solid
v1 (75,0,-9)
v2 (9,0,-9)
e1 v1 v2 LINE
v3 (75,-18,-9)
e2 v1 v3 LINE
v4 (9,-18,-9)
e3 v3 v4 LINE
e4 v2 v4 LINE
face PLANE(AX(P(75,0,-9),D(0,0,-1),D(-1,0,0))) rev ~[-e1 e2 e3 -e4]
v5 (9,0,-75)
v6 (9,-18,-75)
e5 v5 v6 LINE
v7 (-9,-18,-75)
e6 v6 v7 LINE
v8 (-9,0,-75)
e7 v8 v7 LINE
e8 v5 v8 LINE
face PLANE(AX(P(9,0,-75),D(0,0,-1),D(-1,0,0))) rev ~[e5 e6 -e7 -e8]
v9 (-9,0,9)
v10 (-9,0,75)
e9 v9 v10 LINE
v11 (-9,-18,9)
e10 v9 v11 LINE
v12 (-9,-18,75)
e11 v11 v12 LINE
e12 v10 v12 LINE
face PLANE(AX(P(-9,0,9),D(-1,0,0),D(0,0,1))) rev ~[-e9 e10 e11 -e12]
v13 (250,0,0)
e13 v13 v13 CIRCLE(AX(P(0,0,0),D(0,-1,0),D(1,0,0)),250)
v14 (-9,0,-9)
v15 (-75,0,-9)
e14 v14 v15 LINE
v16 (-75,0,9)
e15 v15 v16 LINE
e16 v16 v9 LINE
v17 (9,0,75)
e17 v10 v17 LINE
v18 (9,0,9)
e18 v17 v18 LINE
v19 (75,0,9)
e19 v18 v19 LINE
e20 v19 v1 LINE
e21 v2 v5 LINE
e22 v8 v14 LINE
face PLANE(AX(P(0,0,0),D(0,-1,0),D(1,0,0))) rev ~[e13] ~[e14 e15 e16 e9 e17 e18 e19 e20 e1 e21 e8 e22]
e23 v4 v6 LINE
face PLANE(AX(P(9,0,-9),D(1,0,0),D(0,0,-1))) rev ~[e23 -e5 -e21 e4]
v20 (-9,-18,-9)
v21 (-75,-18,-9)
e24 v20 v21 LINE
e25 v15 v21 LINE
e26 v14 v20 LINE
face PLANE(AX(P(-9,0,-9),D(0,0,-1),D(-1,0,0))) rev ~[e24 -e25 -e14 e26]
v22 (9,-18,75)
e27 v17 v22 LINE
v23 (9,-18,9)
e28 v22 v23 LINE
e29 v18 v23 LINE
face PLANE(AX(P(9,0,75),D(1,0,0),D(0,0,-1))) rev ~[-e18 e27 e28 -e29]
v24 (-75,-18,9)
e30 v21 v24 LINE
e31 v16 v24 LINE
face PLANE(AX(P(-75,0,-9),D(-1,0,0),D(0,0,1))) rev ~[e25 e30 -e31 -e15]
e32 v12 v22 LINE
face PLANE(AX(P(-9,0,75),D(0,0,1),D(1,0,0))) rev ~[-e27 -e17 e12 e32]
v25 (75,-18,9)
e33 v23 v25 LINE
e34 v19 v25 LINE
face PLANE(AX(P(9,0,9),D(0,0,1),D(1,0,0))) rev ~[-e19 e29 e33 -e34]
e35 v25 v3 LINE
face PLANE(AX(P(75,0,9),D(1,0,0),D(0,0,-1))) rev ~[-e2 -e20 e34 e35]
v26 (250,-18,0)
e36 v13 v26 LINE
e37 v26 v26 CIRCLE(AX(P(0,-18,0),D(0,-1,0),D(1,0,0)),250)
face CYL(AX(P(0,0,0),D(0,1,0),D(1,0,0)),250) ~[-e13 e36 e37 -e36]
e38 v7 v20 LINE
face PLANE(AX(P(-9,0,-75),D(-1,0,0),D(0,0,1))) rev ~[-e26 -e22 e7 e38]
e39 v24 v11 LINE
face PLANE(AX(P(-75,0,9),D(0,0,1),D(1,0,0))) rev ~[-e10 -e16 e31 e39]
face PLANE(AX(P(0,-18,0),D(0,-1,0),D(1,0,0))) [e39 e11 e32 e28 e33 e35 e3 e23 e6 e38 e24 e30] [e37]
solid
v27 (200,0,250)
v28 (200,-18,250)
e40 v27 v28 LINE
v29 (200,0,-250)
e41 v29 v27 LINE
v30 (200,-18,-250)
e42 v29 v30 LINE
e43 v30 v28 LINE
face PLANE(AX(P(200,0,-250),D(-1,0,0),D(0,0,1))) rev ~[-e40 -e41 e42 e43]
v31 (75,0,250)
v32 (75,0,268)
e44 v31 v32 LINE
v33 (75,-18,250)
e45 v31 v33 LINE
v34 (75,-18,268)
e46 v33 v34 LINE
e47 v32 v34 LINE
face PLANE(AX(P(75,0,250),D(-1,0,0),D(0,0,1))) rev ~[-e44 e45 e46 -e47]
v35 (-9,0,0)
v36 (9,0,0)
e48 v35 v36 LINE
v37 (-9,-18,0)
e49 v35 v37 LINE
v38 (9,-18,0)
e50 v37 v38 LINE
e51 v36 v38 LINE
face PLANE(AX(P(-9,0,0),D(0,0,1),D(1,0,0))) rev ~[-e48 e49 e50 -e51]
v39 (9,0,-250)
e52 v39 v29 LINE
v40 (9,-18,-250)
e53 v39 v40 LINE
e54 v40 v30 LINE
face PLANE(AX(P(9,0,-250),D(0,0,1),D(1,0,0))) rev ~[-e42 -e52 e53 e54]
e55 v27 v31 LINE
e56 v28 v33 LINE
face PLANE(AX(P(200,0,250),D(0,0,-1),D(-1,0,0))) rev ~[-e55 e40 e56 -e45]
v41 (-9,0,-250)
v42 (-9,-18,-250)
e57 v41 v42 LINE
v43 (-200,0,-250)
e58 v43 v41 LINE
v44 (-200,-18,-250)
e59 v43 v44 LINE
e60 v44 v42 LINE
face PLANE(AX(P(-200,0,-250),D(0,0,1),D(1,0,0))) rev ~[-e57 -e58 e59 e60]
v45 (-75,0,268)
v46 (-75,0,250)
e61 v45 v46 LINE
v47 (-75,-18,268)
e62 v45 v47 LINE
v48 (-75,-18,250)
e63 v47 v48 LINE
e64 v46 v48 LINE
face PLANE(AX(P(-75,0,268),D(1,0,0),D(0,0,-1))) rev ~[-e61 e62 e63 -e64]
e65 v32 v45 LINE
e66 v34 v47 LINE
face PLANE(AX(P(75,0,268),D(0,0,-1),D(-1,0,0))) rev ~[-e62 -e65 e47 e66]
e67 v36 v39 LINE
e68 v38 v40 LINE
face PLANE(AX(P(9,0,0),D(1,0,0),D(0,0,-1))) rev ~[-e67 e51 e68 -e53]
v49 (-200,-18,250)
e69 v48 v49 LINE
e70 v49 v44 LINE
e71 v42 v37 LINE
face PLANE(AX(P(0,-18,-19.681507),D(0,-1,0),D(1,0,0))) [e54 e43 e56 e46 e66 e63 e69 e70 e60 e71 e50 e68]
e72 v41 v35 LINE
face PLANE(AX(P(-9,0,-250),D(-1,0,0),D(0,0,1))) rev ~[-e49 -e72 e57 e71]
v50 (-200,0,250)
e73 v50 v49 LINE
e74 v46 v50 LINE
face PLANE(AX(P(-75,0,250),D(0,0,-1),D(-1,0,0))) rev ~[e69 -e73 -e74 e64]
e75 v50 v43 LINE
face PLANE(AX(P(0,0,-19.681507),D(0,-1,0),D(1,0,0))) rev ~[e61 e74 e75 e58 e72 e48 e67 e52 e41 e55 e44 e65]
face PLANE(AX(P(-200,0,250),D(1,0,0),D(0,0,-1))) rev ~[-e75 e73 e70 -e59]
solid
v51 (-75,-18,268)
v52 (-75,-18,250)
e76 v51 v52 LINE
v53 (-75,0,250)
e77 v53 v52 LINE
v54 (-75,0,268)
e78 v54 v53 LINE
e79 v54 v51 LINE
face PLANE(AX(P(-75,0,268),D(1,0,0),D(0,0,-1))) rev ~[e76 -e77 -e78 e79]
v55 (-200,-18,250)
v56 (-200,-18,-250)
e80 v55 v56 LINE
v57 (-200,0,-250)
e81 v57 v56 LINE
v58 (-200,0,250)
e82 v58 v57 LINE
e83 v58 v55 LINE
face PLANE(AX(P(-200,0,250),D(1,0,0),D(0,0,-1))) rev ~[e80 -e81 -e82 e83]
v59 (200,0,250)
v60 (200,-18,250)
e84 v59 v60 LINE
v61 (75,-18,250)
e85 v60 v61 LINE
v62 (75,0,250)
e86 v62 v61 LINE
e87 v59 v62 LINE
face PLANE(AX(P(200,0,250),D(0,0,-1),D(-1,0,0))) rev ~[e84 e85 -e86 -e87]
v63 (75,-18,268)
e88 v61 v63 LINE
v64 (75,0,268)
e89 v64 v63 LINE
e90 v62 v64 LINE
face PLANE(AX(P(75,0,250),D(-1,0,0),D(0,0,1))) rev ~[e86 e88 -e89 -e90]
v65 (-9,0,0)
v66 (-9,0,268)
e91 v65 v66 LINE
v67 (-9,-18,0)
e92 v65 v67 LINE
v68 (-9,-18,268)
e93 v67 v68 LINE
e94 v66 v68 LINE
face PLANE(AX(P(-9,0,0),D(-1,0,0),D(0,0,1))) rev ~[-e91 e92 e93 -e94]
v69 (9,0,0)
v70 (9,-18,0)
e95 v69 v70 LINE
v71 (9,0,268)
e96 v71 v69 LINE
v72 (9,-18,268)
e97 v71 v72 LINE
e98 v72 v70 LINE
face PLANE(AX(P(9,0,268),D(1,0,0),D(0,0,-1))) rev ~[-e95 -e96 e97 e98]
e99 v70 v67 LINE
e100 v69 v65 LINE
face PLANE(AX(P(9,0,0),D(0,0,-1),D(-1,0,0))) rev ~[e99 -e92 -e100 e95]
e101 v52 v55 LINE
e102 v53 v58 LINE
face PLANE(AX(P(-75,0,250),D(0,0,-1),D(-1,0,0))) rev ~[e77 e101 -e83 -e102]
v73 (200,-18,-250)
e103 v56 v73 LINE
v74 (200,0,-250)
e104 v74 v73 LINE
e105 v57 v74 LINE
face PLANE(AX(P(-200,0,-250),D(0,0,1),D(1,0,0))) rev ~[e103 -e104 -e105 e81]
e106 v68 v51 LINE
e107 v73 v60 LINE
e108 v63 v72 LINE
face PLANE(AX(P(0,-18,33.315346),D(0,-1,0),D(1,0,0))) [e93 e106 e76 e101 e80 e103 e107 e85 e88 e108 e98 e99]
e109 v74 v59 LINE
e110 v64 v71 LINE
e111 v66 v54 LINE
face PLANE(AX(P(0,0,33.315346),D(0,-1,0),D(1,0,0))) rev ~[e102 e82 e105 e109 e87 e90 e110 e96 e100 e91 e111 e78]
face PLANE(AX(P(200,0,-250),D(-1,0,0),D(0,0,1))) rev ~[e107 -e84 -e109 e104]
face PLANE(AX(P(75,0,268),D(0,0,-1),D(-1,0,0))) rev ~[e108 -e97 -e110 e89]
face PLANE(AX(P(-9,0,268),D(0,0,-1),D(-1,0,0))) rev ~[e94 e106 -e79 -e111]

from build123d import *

# Parameters (mm, degrees)
F3_DEPTH = 18
F4_DEPTH = 18
F2_R     = 250
F5_DEPTH = 18


with BuildPart() as f3:
    # F0 (on Front) → F3 (new body)
    with BuildSketch(Plane.XZ):
        Polygon((-200, -250), (200, -250), (200, 250), (75, 250), (75, 268), (9, 268), (9, 0), (-9, 0), (-9, 268), (-75, 268), (-75, 250), (-200, 250), align=None)
    extrude(amount=F3_DEPTH)


with BuildPart() as f4:
    # F1 (on Front) → F4 (new body)
    with BuildSketch(Plane.XZ):
        Polygon((9, -250), (200, -250), (200, 250), (75, 250), (75, 268), (-75, 268), (-75, 250), (-200, 250), (-200, -250), (-9, -250), (-9, 0), (9, 0), align=None)
    extrude(amount=F4_DEPTH)


with BuildPart() as f5:
    # F2 (on Front) → F5 (new body)
    with BuildSketch(Plane.XZ):
        Circle(F2_R)
        Polygon((75, 9), (75, -9), (9, -9), (9, -75), (-9, -75), (-9, -9), (-75, -9), (-75, 9), (-9, 9), (-9, 75), (9, 75), (9, 9), align=None, mode=Mode.SUBTRACT)
    extrude(amount=F5_DEPTH)


solid = Compound([f3.part, f4.part, f5.part])
